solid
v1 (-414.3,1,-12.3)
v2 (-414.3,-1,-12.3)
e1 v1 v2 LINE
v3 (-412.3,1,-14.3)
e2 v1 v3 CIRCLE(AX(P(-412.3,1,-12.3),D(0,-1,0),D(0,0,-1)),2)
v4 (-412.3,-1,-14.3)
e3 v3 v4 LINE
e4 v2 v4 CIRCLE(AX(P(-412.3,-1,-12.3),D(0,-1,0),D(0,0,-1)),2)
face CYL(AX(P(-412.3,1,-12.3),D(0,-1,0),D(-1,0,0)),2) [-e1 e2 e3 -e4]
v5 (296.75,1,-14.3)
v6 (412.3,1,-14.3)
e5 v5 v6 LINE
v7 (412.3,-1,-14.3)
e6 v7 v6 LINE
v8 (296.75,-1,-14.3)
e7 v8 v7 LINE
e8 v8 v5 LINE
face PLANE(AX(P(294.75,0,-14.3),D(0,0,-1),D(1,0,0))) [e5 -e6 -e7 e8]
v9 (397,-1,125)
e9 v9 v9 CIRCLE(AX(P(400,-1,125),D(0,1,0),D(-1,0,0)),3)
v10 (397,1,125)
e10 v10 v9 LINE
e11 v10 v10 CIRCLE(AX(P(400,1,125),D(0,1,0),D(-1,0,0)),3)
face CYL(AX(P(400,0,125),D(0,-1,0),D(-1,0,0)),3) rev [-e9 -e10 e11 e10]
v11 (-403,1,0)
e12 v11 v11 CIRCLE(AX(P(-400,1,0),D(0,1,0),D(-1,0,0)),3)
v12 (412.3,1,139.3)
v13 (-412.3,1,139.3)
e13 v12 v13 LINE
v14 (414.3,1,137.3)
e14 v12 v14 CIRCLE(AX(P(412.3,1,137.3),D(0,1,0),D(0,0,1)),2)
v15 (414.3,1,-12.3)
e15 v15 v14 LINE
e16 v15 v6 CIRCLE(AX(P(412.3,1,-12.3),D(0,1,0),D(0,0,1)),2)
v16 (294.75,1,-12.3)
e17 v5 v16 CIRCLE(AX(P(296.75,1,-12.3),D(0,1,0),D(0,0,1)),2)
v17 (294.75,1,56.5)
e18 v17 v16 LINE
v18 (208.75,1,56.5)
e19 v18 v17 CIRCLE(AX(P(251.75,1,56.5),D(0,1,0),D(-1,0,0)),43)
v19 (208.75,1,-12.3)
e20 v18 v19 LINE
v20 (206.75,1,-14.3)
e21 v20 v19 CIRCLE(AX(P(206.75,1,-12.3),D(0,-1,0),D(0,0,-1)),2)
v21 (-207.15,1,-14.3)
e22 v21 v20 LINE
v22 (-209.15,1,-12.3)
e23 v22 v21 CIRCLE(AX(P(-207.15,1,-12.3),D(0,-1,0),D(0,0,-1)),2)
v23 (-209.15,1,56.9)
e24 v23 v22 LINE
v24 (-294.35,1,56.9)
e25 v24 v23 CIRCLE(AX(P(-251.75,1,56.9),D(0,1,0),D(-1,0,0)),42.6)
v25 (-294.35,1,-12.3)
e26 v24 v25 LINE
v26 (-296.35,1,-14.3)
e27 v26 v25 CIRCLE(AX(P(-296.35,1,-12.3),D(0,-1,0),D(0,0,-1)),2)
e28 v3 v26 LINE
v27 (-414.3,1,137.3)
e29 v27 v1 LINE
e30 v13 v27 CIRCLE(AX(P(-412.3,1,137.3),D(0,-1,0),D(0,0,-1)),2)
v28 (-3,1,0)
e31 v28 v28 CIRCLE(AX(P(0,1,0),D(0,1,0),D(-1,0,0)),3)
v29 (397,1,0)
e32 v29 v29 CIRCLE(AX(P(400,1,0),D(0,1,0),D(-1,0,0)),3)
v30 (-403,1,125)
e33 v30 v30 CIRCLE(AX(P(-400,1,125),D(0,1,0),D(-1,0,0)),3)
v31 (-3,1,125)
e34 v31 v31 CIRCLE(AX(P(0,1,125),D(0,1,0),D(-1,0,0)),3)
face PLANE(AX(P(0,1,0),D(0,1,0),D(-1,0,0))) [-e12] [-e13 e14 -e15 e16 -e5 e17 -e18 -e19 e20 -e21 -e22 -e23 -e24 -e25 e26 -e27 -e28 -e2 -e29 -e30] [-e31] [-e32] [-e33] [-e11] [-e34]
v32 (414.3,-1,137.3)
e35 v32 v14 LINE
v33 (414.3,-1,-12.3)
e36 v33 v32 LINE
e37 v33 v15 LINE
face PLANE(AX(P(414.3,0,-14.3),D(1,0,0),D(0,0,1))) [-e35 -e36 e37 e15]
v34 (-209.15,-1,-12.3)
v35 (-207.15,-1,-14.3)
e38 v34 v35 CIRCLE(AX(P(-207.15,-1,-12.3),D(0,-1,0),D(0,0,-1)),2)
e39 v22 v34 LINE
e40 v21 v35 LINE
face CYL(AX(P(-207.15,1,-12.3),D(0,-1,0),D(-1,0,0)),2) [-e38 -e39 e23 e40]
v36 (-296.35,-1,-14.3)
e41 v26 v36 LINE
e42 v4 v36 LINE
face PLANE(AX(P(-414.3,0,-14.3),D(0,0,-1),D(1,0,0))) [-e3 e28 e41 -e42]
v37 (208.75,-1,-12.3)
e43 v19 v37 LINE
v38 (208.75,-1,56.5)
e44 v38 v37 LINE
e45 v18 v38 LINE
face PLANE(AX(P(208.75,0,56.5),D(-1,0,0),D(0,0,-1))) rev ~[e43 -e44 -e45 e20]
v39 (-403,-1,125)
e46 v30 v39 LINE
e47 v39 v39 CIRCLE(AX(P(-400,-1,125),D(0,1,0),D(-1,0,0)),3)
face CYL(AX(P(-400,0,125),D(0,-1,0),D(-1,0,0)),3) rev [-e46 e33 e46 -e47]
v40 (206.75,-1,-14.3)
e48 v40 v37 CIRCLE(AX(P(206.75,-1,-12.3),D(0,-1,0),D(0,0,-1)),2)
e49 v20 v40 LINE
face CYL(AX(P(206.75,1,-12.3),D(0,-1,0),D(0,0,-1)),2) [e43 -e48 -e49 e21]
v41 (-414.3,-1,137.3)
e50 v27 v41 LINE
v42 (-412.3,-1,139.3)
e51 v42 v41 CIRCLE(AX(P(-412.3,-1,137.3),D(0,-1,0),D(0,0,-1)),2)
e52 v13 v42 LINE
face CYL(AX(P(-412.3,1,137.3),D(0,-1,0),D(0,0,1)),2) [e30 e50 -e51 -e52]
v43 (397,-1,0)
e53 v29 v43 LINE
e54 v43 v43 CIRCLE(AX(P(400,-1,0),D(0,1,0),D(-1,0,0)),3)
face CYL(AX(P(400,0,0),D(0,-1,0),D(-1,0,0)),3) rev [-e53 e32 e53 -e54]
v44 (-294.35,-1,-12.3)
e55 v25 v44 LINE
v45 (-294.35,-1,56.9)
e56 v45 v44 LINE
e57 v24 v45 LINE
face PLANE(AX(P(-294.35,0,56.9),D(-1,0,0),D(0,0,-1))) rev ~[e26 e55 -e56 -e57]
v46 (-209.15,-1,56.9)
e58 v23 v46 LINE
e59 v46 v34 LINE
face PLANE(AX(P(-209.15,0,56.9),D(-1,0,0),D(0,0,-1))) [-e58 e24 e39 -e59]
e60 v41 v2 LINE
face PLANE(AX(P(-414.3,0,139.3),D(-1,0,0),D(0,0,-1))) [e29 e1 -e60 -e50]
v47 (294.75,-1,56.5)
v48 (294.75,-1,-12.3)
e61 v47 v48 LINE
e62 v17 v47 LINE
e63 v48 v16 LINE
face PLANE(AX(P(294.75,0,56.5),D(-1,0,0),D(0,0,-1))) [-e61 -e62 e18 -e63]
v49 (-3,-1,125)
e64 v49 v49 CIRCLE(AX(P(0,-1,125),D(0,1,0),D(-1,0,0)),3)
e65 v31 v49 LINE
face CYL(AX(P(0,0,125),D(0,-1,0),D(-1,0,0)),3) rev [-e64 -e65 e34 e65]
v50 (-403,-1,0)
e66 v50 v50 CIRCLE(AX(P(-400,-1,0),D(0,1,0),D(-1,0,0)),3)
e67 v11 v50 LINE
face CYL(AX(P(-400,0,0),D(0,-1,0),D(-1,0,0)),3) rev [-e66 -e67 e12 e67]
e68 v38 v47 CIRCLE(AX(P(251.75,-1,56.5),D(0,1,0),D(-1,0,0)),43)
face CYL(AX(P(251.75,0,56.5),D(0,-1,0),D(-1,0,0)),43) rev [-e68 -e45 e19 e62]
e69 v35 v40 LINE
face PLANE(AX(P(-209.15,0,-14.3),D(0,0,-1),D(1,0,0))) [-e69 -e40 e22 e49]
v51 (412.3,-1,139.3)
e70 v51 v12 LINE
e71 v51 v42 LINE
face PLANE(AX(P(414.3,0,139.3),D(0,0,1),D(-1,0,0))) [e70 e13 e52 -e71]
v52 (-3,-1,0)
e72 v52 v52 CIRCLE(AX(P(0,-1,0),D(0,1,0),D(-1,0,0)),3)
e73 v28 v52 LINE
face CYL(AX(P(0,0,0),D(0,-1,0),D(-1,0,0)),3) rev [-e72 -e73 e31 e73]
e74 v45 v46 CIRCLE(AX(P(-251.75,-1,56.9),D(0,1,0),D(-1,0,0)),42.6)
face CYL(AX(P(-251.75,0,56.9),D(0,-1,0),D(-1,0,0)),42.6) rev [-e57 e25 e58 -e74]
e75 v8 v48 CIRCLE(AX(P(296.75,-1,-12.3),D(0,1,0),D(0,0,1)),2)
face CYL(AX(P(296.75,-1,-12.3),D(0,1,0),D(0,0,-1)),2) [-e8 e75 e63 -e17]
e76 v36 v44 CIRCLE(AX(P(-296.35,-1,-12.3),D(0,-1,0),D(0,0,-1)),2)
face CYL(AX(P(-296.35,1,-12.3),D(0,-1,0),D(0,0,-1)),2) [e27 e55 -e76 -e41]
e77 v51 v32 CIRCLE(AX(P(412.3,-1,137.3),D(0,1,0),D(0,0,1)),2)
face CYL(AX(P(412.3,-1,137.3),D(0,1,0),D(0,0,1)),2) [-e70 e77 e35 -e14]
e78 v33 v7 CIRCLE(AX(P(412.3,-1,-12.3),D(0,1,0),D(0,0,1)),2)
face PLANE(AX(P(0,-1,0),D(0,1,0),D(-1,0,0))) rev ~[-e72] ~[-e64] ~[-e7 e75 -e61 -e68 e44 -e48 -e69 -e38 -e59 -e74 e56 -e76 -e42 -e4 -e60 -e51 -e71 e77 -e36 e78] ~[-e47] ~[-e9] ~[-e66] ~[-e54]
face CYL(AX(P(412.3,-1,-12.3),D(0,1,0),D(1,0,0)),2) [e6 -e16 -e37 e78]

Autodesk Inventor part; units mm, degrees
ref_plane "YZ Plane" through (0, 0, 0) normal (1, 0, 0) x (0, 1, 0)
ref_plane "XZ Plane" through (0, 0, 0) normal (0, 1, 0) x (-1, 0, 0)
ref_plane "XY Plane" through (0, 0, 0) normal (0, 0, 1) x (1, 0, 0)
sketch "Sketch1" plane through (0, 0, 0) normal (0, 1, 0) x (-1, 0, 0)
  line L0 (-414.3, 17.5) -> (-414.3, 107.5) construction
  line L1 (-417.5, -14.3) -> (417.5, -14.3) construction
  line L2 (417.5, 139.3) -> (-417.5, 139.3) construction
  line L3 (414.3, 107.5) -> (414.3, 17.5) construction
  line L4 (417.5, 110.7) -> (-417.5, 110.7) construction
  circle A0 centre (-400, 0) radius 2 construction
  circle A1 centre (-400, 125) radius 2 construction
  circle A2 centre (400, 0) radius 2 construction
  circle A3 centre (400, 125) radius 2 construction
  circle A4 centre (0, 125) radius 2 construction
  circle A5 centre (0, 0) radius 2 construction
  arc A6 (-255.8176, 91.7662) -> (-287.0162, 60.5676) centre (-251.75, 56.5) ccw construction
  arc A7 (-247.75, 95.5) -> (-255.75, 95.5) centre (-251.75, 95.5) ccw construction
  arc A8 (255.75, 95.5) -> (247.75, 95.5) centre (251.75, 95.5) ccw construction
  line L5 (417.5, 14.3) -> (-417.5, 14.3) construction
  line L6 (0, -14.3) -> (0, 139.3) construction
  line L7 (-414.3, 139.3) -> (414.3, 139.3)
  line L8 (414.3, 139.3) -> (414.3, -14.3)
  line L9 (-414.3, -14.3) -> (-414.3, 139.3)
  line L10 (-414.3, 139.3) -> (414.3, -14.3) construction
  line L11 (414.3, 139.3) -> (-414.3, -14.3) construction
  line L12 (-251.75, 99.5) -> (-251.75, 14.3) construction
  line L13 (251.75, 99.5) -> (251.75, 14.3) construction
  line L14 (-294.75, 56.5) -> (-294.75, -14.3)
  line L15 (-208.75, 56.5) -> (-208.75, -14.3)
  line L16 (209.15, 56.9) -> (209.15, -14.3)
  line L17 (294.35, 56.9) -> (294.35, -14.3)
  arc A9 (-260.011, 14.301) -> (-260.0059, 14.3) centre (-251.75, 56.5) ccw
  arc A10 (-208.75, 56.5) -> (-294.75, 56.5) centre (-251.75, 56.5) ccw
  arc A11 (294.35, 56.9) -> (209.15, 56.9) centre (251.75, 56.9) ccw
  line L18 (-294.75, -14.3) -> (-414.3, -14.3)
  line L19 (414.3, -14.3) -> (294.35, -14.3)
  line L20 (209.15, -14.3) -> (-208.75, -14.3)
  circle A12 centre (-400, 0) radius 3
  circle A13 centre (-400, 125) radius 3
  circle A14 centre (0, 0) radius 3
  circle A15 centre (0, 125) radius 3
  circle A16 centre (400, 125) radius 3
  circle A17 centre (400, 0) radius 3
  point P0 (0, 0)
  point P1 (0, 62.5)
  dimension "d0" = 828.6
  dimension "d1" = 43
  dimension "d2" = 125
  dimension "d3" = 1
  dimension "d4" = 1
  dimension "d5" = 1
  dimension "d6" = 1
  dimension "d7" = 1
  dimension "d8" = 1
extrude "Extrusion1" add sketch "Sketch1" along normal mid plane 2
fillet "Fillet1" radius 2 8 edges at (414.3, 0, -14.3) (208.75, 0, -14.3) (294.75, 0, -14.3) (-209.15, 0, -14.3) (-294.35, 0, -14.3) (-414.3, 0, -14.3) (414.3, 0, 139.3) (-414.3, 0, 139.3)
properties part number "Cover_LeftRight" material "Steel, Galvanized"
